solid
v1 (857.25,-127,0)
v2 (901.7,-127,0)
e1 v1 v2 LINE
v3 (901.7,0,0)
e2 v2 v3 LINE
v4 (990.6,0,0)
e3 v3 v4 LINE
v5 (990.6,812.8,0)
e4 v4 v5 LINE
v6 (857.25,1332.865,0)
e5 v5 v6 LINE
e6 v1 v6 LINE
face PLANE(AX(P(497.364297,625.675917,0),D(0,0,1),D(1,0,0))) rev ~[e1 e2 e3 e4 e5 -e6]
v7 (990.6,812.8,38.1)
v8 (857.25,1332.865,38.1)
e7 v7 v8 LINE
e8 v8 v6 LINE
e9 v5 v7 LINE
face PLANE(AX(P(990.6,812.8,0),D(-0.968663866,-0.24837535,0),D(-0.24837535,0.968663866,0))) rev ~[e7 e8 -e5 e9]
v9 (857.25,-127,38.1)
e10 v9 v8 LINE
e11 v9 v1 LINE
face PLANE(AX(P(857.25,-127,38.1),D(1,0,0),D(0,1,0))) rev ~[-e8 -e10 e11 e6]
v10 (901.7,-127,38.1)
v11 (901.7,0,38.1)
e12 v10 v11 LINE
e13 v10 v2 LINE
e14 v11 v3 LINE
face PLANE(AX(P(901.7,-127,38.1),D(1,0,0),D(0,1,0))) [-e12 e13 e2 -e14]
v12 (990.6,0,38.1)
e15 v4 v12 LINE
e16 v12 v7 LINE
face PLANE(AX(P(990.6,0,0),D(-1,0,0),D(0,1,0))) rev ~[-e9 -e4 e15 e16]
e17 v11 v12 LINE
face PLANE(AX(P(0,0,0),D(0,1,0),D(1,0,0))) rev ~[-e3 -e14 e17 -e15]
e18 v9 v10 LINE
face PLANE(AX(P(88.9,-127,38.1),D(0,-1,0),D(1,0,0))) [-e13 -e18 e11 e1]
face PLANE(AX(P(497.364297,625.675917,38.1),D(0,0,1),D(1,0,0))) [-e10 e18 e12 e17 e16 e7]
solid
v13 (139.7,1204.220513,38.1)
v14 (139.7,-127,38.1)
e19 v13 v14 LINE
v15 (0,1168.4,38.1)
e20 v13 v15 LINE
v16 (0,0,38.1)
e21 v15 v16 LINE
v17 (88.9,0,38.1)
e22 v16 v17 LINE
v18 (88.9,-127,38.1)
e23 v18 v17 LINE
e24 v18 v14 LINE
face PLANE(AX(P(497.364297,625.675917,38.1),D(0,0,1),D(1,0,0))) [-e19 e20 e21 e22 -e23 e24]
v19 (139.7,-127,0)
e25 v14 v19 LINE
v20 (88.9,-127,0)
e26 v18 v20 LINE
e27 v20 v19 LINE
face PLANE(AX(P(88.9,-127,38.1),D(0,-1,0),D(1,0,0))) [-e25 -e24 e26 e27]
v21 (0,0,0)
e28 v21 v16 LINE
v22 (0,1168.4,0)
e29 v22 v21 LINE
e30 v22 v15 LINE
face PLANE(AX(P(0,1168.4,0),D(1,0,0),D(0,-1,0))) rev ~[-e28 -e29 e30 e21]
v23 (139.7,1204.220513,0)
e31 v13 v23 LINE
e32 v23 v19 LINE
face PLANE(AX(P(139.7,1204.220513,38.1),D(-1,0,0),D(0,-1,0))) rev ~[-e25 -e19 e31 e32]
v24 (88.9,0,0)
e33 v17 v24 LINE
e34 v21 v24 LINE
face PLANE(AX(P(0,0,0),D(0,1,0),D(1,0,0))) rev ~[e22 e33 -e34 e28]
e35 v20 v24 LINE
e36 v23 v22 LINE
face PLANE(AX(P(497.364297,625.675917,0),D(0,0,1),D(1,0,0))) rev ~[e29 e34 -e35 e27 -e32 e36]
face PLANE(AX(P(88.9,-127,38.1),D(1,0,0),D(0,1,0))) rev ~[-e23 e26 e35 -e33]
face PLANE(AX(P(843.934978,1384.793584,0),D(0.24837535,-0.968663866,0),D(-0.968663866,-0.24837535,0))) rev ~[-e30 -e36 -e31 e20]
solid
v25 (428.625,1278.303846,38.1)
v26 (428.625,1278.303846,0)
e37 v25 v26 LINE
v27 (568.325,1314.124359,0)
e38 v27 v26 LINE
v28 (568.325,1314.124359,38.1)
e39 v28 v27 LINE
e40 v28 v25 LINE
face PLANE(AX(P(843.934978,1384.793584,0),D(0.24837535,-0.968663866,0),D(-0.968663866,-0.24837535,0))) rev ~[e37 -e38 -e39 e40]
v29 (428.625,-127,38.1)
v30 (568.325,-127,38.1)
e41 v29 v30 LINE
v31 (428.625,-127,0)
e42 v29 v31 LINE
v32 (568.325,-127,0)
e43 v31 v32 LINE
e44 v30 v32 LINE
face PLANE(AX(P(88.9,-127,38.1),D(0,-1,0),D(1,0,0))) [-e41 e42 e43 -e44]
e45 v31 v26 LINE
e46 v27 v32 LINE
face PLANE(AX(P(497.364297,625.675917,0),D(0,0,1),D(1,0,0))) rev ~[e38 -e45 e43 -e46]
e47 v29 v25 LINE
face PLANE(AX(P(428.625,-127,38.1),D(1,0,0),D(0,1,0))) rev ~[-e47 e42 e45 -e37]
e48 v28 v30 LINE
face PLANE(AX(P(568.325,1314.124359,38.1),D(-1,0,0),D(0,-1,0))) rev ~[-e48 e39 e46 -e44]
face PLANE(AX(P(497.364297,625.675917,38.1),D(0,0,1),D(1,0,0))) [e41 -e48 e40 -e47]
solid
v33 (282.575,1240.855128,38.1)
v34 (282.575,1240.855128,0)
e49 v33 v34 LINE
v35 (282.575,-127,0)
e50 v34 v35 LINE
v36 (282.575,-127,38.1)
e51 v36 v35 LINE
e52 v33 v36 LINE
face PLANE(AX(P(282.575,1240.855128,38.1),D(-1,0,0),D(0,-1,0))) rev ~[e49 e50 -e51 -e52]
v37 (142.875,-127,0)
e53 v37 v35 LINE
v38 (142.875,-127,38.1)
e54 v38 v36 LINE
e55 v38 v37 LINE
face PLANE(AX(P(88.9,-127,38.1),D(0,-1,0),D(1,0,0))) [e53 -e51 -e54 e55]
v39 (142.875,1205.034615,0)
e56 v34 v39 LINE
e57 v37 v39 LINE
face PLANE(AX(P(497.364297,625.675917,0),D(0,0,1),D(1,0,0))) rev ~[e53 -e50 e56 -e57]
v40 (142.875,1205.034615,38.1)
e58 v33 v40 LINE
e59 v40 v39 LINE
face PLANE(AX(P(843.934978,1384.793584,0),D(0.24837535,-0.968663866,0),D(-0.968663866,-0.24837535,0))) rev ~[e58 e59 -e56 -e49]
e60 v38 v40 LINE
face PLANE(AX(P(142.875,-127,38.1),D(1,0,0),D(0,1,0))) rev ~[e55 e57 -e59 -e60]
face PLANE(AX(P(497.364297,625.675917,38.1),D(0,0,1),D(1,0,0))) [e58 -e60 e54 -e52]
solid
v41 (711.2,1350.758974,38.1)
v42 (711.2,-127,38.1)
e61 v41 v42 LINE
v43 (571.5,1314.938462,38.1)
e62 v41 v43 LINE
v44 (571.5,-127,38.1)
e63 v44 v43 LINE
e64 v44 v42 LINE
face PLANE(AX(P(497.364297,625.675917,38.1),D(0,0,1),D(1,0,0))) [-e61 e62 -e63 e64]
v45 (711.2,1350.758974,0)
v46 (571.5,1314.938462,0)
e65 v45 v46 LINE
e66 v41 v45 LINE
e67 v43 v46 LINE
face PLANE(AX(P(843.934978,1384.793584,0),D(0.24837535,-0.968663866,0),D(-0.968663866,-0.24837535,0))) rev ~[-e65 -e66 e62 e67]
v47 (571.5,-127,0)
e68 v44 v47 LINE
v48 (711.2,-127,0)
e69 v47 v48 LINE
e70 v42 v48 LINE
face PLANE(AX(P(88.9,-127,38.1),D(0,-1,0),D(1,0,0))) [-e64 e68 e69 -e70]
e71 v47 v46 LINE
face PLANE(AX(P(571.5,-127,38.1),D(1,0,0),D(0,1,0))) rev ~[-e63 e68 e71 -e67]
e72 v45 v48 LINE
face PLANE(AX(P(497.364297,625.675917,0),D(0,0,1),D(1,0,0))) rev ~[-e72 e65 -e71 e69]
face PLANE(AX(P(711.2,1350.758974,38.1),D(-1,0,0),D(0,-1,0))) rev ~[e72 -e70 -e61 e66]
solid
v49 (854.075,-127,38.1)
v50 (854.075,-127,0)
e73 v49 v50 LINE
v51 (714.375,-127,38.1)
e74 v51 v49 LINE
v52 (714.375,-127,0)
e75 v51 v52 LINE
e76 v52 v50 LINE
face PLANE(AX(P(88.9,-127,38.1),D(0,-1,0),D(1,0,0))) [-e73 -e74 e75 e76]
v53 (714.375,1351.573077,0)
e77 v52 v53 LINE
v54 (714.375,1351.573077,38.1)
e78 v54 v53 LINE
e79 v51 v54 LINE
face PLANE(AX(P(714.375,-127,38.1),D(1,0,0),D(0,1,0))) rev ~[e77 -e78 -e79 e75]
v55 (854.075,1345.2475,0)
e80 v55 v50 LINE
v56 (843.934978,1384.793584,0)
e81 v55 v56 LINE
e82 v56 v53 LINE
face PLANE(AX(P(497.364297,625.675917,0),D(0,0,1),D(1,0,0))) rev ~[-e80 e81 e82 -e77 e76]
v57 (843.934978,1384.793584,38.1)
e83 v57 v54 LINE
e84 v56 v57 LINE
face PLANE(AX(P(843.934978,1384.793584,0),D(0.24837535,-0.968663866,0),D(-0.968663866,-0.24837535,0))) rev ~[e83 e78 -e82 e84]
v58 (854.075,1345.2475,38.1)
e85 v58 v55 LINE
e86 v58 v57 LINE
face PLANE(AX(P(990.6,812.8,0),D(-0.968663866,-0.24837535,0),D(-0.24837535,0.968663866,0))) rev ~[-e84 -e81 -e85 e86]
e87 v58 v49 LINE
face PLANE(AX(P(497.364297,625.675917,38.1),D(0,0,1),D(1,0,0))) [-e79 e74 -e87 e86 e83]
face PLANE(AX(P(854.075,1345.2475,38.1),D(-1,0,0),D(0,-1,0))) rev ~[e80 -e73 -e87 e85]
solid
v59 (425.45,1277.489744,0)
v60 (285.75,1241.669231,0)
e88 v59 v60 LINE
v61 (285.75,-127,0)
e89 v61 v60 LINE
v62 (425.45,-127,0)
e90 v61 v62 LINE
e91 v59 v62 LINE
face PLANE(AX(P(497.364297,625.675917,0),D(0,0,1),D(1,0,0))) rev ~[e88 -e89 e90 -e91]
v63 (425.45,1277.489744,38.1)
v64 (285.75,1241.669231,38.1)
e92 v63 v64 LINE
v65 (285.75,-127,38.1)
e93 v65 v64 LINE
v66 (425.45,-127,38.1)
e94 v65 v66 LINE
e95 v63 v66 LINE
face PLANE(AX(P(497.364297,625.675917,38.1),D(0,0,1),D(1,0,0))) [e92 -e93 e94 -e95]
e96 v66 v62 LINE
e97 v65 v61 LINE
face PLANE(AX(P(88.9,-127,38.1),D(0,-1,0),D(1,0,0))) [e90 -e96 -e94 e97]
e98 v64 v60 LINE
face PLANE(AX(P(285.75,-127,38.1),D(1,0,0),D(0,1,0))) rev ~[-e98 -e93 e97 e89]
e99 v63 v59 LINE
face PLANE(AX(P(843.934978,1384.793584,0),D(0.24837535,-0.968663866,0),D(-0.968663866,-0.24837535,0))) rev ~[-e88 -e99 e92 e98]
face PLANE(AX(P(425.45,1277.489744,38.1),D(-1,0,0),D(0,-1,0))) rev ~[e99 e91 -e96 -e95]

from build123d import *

# Parameters (mm, degrees)
F1_DEPTH = 38.1
F2_W     = 812.8
F2_H     = 127
F3_DEPTH = 38.1
F5_DEPTH = 38.101


with BuildPart() as f1:
    # F0 (on Top) → F1 (new body)
    with BuildSketch(Plane.XY):
        Polygon((0, 1168.4), (0, 0), (990.6, 0), (990.6, 812.8), (843.9349784084, 1384.7935842073), align=None)
    extrude(amount=F1_DEPTH)

    # F2 (on face) → F3 (join)
    with BuildSketch(Plane.XY.offset(38.1)):
        with Locations((495.3, -63.5)):
            Rectangle(F2_W, F2_H)
    extrude(amount=-F3_DEPTH)

    # F4 (on face) → F5 (cut, through all)
    with BuildSketch(Plane.XY.offset(38.1)):
        Polygon((139.7, 1204.2205128205), (139.7, -127), (142.875, -127), (142.875, 1205.0346153846), align=None)
        Polygon((282.575, 1240.8551282051), (282.575, -127), (285.75, -127), (285.75, 1241.6692307692), align=None)
        Polygon((425.45, 1277.4897435897), (425.45, -127), (428.625, -127), (428.625, 1278.3038461538), align=None)
        Polygon((568.325, 1314.1243589744), (568.325, -127), (571.5, -127), (571.5, 1314.9384615385), align=None)
        Polygon((711.2, 1350.758974359), (711.2, -127), (714.375, -127), (714.375, 1351.5730769231), align=None)
        Polygon((854.075, 1345.2475), (854.075, -127), (857.25, -127), (857.25, 1332.865), align=None)
    extrude(amount=-F5_DEPTH, mode=Mode.SUBTRACT)


solid = f1.part
